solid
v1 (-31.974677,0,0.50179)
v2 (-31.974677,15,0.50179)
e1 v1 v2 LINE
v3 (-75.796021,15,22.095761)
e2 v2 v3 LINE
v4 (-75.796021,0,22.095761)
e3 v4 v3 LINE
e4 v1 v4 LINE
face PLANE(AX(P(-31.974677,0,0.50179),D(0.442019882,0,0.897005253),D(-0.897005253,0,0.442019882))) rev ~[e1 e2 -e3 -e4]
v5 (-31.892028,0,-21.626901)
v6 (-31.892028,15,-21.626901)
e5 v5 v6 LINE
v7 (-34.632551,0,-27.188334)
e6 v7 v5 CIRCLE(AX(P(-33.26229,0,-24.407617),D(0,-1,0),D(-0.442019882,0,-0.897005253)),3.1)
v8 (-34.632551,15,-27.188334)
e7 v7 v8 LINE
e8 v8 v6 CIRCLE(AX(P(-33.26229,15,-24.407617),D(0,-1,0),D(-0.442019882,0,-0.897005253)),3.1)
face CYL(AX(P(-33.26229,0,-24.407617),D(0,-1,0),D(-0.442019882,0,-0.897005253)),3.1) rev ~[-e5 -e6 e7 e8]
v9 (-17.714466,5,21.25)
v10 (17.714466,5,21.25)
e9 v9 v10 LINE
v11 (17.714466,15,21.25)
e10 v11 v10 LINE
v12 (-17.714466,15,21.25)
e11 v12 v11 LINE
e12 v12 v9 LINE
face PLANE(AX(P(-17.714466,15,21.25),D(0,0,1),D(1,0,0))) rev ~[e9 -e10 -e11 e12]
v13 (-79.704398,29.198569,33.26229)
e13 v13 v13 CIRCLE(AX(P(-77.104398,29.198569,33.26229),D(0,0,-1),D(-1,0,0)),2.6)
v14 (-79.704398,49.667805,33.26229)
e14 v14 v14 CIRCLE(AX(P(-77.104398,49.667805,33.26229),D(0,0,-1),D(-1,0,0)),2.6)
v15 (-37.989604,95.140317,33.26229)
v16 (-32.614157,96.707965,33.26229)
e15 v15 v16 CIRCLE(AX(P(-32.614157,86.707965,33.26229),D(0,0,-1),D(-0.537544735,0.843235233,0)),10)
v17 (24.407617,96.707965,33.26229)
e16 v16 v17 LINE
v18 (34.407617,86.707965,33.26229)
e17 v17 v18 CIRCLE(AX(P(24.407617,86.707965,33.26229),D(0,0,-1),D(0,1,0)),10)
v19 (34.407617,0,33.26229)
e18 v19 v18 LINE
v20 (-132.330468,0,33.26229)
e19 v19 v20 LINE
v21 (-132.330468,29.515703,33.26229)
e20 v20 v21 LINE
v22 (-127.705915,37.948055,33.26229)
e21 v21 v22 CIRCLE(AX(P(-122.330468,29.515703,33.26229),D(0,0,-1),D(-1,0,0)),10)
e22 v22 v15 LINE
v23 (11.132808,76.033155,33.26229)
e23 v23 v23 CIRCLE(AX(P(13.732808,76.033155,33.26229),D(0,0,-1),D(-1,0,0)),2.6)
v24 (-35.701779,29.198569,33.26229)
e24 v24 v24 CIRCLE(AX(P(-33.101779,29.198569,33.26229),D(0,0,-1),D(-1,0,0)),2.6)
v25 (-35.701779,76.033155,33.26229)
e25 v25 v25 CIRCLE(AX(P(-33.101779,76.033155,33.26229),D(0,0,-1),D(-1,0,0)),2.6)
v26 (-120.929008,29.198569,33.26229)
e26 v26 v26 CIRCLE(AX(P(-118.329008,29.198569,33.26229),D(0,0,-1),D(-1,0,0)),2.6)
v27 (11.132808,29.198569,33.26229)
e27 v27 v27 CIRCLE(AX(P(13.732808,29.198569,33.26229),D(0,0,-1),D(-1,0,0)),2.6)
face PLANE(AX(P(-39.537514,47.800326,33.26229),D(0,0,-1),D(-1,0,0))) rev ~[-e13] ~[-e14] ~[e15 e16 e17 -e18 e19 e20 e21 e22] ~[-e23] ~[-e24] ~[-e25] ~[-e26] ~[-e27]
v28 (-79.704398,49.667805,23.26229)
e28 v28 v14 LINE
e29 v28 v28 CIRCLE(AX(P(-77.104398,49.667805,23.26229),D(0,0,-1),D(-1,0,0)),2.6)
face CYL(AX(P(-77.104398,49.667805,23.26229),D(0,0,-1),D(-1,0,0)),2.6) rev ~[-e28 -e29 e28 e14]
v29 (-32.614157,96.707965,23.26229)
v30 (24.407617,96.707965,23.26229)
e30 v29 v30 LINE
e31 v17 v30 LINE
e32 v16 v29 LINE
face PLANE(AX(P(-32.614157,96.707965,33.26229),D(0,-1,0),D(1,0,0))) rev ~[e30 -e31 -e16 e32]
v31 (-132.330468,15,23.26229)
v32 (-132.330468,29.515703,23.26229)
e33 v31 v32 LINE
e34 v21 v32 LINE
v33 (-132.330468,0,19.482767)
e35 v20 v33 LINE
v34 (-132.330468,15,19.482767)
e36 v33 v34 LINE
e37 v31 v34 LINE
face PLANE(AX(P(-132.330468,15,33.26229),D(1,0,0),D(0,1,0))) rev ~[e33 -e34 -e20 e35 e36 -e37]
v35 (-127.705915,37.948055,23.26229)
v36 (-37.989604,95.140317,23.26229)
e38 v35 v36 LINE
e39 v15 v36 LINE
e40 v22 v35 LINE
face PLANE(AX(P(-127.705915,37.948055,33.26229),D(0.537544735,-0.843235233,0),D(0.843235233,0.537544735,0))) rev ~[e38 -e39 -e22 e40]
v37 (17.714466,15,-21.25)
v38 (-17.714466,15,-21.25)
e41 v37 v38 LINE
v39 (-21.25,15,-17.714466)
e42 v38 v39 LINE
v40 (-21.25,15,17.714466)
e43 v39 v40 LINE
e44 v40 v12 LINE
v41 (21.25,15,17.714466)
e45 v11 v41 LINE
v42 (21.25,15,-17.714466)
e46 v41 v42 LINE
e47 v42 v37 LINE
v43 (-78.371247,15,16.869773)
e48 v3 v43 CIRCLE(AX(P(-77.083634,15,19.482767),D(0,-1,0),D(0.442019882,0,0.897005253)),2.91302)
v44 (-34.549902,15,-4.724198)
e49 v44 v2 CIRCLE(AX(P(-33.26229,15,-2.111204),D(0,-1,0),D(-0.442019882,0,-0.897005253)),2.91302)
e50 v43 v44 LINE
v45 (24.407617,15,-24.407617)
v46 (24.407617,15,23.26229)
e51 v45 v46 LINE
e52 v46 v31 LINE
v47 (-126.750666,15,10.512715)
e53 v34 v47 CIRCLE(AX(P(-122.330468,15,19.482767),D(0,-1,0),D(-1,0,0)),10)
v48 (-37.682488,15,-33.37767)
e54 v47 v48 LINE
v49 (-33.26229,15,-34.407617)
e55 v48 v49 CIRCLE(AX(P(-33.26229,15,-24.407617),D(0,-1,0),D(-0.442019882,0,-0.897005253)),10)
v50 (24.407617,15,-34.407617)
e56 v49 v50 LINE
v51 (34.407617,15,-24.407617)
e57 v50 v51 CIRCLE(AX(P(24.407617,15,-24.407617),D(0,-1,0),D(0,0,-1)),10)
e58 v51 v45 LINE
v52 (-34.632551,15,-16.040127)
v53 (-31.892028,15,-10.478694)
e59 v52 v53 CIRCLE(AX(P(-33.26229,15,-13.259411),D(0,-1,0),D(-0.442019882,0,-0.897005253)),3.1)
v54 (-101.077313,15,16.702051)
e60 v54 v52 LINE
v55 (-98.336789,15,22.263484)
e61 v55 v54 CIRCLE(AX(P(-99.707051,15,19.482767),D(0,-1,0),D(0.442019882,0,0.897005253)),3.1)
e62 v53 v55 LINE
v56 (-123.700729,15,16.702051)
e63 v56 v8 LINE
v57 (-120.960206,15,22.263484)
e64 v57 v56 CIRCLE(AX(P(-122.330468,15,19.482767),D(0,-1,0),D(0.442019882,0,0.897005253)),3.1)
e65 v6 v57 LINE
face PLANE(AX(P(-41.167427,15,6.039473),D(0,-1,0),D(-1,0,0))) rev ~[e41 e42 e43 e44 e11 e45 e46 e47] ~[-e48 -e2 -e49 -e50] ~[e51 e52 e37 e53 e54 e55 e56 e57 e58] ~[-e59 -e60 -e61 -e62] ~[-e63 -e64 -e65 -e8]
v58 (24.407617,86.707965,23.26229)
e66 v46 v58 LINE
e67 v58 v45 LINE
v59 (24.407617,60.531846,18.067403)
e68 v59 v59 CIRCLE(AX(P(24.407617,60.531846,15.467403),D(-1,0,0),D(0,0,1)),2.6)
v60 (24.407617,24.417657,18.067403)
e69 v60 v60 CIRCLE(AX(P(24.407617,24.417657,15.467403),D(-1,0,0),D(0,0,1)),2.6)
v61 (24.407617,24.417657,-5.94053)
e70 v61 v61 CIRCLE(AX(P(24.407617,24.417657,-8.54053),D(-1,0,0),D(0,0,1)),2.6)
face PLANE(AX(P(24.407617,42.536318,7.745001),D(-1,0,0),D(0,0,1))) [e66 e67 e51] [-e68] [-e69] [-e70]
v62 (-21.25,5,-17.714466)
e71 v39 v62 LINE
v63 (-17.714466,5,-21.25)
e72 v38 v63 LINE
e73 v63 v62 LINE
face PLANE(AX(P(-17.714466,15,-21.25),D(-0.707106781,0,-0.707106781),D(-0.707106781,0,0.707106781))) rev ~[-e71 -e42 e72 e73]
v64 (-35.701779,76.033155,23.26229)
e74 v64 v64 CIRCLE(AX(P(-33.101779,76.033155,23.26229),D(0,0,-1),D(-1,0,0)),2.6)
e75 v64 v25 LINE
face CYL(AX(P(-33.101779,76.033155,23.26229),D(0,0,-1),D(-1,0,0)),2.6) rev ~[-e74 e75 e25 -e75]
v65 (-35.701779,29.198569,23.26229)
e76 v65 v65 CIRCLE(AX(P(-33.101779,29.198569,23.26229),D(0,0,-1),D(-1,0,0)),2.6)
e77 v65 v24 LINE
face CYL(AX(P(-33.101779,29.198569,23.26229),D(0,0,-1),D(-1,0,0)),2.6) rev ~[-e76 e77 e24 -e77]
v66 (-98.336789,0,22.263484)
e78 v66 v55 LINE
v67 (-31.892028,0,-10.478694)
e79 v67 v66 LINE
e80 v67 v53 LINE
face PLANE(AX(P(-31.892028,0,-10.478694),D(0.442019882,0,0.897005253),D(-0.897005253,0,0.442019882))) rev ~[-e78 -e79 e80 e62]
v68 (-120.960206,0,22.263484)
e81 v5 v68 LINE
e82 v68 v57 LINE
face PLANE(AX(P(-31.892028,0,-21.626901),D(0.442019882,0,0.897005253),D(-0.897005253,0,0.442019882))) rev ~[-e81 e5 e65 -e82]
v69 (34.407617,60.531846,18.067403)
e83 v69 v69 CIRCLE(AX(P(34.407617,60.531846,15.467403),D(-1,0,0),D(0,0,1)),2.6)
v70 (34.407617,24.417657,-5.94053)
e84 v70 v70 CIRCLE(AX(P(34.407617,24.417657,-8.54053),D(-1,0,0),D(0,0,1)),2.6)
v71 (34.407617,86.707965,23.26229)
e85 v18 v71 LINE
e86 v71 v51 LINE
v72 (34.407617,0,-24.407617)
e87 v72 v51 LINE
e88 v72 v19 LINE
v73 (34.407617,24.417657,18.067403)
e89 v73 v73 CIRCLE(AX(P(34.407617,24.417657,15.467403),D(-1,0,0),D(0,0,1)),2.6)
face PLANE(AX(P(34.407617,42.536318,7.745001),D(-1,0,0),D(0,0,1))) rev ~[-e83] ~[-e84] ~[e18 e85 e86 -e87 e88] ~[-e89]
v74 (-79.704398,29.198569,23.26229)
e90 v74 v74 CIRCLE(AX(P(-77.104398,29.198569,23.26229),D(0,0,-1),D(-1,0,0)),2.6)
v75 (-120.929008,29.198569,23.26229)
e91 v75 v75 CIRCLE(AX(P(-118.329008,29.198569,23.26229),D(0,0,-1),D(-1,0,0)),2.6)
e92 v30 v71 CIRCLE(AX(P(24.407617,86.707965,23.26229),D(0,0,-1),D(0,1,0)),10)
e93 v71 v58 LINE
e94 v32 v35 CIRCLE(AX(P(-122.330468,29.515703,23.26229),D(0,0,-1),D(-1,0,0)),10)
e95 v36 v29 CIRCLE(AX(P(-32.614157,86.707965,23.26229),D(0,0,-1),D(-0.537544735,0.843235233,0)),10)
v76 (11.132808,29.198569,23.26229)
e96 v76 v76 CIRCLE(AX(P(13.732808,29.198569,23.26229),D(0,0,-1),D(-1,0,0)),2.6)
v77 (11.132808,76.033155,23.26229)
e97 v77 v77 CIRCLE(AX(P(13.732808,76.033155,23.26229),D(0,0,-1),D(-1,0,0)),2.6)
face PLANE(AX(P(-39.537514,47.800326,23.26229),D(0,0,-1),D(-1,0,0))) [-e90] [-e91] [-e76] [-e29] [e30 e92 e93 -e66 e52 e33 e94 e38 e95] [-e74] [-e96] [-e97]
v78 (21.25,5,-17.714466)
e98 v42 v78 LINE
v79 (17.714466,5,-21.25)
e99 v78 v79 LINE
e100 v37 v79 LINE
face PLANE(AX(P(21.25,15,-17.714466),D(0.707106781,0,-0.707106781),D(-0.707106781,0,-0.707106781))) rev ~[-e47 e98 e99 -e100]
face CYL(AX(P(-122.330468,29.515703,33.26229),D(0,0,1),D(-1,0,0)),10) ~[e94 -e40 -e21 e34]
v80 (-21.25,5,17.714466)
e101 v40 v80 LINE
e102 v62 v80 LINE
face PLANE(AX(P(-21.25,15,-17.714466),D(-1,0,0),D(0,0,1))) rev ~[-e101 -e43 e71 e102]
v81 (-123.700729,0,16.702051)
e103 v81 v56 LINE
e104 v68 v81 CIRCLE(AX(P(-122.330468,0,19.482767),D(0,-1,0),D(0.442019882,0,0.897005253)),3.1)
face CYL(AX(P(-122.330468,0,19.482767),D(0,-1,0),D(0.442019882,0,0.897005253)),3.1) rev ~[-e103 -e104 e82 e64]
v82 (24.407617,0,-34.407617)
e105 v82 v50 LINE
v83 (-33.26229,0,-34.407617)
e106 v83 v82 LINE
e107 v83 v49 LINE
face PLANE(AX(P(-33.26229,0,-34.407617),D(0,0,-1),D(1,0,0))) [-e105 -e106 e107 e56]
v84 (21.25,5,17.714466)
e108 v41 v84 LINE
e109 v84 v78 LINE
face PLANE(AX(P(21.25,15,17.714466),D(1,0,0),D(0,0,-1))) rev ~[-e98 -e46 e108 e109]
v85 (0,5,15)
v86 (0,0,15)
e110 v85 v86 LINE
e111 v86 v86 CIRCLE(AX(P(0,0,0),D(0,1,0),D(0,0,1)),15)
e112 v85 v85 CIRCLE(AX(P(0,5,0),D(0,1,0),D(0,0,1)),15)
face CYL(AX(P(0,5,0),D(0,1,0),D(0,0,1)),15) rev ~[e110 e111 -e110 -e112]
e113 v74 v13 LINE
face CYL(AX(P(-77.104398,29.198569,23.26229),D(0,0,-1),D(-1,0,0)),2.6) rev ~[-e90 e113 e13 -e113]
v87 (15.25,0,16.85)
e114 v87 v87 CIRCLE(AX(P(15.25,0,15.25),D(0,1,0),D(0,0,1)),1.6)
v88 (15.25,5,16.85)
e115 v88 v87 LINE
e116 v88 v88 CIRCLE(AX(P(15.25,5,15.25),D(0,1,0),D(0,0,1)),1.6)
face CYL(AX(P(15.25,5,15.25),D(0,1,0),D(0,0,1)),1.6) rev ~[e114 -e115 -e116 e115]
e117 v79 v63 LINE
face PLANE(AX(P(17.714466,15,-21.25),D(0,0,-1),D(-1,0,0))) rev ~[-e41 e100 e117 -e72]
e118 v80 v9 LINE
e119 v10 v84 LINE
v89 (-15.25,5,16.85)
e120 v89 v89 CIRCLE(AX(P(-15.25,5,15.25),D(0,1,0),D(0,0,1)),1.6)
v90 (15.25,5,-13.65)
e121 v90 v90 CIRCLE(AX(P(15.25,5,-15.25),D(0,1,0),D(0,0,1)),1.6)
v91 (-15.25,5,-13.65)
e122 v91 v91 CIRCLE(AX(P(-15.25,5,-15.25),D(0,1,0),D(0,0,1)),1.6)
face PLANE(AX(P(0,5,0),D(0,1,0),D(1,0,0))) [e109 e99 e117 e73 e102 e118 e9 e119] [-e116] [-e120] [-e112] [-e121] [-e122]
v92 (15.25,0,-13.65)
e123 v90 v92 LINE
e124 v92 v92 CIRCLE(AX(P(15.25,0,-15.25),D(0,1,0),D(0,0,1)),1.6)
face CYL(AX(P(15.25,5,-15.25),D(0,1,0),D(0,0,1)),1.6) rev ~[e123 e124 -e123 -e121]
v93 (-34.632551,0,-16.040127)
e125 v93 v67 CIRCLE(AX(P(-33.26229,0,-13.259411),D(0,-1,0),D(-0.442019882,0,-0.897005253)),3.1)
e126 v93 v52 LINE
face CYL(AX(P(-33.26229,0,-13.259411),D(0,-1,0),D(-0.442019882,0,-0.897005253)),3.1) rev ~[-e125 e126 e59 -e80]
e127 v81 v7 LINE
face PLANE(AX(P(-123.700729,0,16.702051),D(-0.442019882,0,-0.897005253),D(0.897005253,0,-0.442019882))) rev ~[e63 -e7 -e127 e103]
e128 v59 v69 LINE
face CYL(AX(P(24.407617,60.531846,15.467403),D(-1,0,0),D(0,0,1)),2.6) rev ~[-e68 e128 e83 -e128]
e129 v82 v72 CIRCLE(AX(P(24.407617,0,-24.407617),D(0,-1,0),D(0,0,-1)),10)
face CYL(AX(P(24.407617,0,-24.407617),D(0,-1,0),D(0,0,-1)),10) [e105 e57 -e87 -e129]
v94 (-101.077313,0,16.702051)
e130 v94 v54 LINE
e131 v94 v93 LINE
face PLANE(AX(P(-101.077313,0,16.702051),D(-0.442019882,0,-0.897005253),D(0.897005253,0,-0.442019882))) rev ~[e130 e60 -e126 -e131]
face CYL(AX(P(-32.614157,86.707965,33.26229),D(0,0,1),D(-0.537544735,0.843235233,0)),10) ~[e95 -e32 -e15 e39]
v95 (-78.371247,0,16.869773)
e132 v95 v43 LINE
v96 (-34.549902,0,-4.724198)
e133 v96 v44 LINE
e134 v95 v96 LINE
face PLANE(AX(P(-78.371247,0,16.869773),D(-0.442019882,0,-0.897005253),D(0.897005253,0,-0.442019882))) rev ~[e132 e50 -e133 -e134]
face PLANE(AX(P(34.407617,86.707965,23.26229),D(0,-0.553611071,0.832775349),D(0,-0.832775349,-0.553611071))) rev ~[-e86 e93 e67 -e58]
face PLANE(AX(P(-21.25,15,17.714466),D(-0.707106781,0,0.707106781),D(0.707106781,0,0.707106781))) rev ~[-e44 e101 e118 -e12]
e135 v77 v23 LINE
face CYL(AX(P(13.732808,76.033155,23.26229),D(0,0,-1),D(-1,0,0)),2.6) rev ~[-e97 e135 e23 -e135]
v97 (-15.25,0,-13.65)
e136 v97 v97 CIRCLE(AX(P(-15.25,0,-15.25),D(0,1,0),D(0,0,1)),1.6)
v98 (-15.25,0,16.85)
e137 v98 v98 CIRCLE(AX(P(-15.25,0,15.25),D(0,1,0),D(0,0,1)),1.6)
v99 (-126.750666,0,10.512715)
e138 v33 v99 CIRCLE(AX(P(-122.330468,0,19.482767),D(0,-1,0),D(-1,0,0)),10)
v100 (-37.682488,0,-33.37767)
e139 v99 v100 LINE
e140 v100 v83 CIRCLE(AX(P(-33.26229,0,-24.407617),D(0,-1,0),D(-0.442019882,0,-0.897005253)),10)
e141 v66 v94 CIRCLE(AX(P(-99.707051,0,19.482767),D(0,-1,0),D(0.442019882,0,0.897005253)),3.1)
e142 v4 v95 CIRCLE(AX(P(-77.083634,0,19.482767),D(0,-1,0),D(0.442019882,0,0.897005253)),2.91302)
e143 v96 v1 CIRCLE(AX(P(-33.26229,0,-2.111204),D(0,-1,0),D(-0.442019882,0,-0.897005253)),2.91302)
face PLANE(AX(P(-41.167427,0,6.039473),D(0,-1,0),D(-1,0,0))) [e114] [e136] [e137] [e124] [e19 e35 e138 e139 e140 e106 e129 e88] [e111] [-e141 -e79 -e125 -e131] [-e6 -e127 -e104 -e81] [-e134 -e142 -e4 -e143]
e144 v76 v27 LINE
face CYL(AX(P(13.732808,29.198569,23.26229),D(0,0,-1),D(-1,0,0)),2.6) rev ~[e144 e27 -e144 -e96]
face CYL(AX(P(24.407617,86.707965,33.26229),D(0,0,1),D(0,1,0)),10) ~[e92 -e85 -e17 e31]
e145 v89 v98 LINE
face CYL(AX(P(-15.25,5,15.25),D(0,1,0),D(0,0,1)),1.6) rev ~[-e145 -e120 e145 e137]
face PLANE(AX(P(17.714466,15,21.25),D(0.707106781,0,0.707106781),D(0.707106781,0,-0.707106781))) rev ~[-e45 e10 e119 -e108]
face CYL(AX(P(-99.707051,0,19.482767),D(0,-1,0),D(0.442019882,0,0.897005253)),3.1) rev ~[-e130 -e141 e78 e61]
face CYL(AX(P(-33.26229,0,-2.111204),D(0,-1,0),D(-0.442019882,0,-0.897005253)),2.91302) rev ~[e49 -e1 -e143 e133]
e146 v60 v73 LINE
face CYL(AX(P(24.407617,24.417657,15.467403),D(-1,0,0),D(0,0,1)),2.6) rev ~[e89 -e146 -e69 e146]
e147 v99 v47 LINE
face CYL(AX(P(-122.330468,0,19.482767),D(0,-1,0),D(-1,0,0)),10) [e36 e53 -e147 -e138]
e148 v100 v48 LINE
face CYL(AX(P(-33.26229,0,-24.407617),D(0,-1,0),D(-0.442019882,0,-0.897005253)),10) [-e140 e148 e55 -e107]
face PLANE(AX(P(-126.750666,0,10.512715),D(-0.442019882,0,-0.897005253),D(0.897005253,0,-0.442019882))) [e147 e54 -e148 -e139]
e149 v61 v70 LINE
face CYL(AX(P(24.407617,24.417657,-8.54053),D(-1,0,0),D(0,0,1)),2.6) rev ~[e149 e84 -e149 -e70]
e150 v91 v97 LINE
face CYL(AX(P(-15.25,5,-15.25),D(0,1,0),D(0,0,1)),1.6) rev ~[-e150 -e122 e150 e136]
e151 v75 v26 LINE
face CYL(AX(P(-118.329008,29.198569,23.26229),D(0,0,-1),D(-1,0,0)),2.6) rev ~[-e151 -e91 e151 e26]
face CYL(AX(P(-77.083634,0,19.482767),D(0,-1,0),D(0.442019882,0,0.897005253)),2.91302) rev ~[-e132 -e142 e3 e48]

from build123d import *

# Parameters (mm, degrees)
BOSS_EXTRUDE1_DEPTH = 15
CUT_EXTRUDE1_DEPTH  = 10
SKETCH4_R           = 15
SKETCH4_R_2         = 1.6
CUT_EXTRUDE2_DEPTH  = 10
BOSS_EXTRUDE2_DEPTH = 10
BOSS_EXTRUDE3_DEPTH = 10
SKETCH7_R           = 2.6
CUT_EXTRUDE3_DEPTH  = 10
SKETCH8_R           = 2.6
CUT_EXTRUDE4_DEPTH  = 10


with BuildPart() as part:
    # Sketch1 → Boss-Extrude1 (new body)
    with BuildSketch(Plane(origin=(0, 0, 0), x_dir=(1, 0, 0), z_dir=(0, 1, 0))):
        with BuildLine():
            Line((-33.262289521, -33.262289521), (-132.330467636, -33.262289521))
            Line((-132.330467636, -33.262289521), (-132.330467636, -19.482767229))
            ThreePointArc((-132.330467636, -19.482767229), (-130.821698058, -14.200816273), (-126.750666454, -10.512714699))
            Line((-126.750666454, -10.512714699), (-37.682488339, 33.377669927))
            ThreePointArc((-37.682488339, 33.377669927), (-35.531592794, 34.146727348), (-33.262289521, 34.407617396))
            Line((-33.262289521, 34.407617396), (24.407617396, 34.407617396))
            ThreePointArc((24.407617396, 34.407617396), (31.478685208, 31.478685208), (34.407617396, 24.407617396))
            Line((34.407617396, 24.407617396), (34.407617396, -33.262289521))
            Line((34.407617396, -33.262289521), (-33.262289521, -33.262289521))
        make_face()
        with BuildLine():
            Line((-31.892027887, 10.478694381), (-98.33678925, -22.263483514))
            ThreePointArc((-98.33678925, -22.263483514), (-102.487767169, -20.853028863), (-101.077312518, -16.702050945))
            Line((-101.077312518, -16.702050945), (-34.632551154, 16.04012695))
            ThreePointArc((-34.632551154, 16.04012695), (-30.481573236, 14.629672299), (-31.892027887, 10.478694381))
        make_face(mode=Mode.SUBTRACT)
        with BuildLine():
            Line((-123.700729269, -16.702050945), (-34.632551154, 27.188333681))
            ThreePointArc((-34.632551154, 27.188333681), (-30.481573236, 25.77787903), (-31.892027887, 21.626901112))
            Line((-31.892027887, 21.626901112), (-120.960206002, -22.263483514))
            ThreePointArc((-120.960206002, -22.263483514), (-125.11118392, -20.853028863), (-123.700729269, -16.702050945))
        make_face(mode=Mode.SUBTRACT)
        with BuildLine():
            Line((-78.371246836, -16.869773094), (-34.549902224, 4.72419807))
            ThreePointArc((-34.549902224, 4.72419807), (-30.649295385, 3.398816638), (-31.974676817, -0.501790201))
            Line((-31.974676817, -0.501790201), (-75.796021429, -22.095761365))
            ThreePointArc((-75.796021429, -22.095761365), (-79.696628268, -20.770379933), (-78.371246836, -16.869773094))
        make_face(mode=Mode.SUBTRACT)
    extrude(amount=BOSS_EXTRUDE1_DEPTH)

    # Sketch2 → Cut-Extrude1 (cut)
    with BuildSketch(Plane(origin=(0, 15, 0), x_dir=(1, 0, 0), z_dir=(0, 1, 0))):
        Polygon((-17.714466094, 21.25), (-21.25, 17.714466094), (-21.25, -17.714466094), (-17.714466094, -21.25), (17.714466094, -21.25), (21.25, -17.714466094), (21.25, 17.714466094), (17.714466094, 21.25), align=None)
    extrude(amount=-CUT_EXTRUDE1_DEPTH, mode=Mode.SUBTRACT)

    # Sketch4 → Cut-Extrude2 (cut)
    with BuildSketch(Plane(origin=(0, 5, 0), x_dir=(1, 0, 0), z_dir=(0, 1, 0))):
        with Locations(Location((0, 0, 0), (0, 0, 270))):
            Circle(SKETCH4_R)
        with Locations(Location((-15.25, -15.25, 0), (0, 0, 270))):
            Circle(SKETCH4_R_2)
        with Locations(Location((-15.25, 15.25, 0), (0, 0, 270))):
            Circle(SKETCH4_R_2)
        with Locations(Location((15.25, 15.25, 0), (0, 0, 270))):
            Circle(SKETCH4_R_2)
        with Locations(Location((15.25, -15.25, 0), (0, 0, 270))):
            Circle(SKETCH4_R_2)
    extrude(amount=-CUT_EXTRUDE2_DEPTH, mode=Mode.SUBTRACT)

    # Sketch5 → Boss-Extrude2 (add)
    with BuildSketch(Plane.XY.offset(33.262289521)):
        with BuildLine():
            Line((-132.330467636, 15), (-132.330467636, 29.515702772))
            ThreePointArc((-132.330467636, 29.515702772), (-131.098434148, 34.324316216), (-127.705914986, 37.9480551))
            Line((-127.705914986, 37.9480551), (-37.989603896, 95.140317474))
            ThreePointArc((-37.989603896, 95.140317474), (-35.41384195, 96.308056898), (-32.614156546, 96.707965146))
            Line((-32.614156546, 96.707965146), (24.407617396, 96.707965146))
            ThreePointArc((24.407617396, 96.707965146), (31.478685208, 93.779032958), (34.407617396, 86.707965146))
            Line((34.407617396, 86.707965146), (34.407617396, 15))
            Line((34.407617396, 15), (-132.330467636, 15))
        make_face()
    extrude(amount=-BOSS_EXTRUDE2_DEPTH)

    # Sketch6 → Boss-Extrude3 (add)
    with BuildSketch(Plane(origin=(34.407617396, 0, 0), x_dir=(0, 0, -1), z_dir=(1, 0, 0))):
        Polygon((-23.262289521, 86.707965146), (24.407617396, 15), (-23.262289521, 15), align=None)
    extrude(amount=-BOSS_EXTRUDE3_DEPTH)

    # Sketch7 → Cut-Extrude3 (cut)
    with BuildSketch(Plane(origin=(0, 0, 23.262289521), x_dir=(-1, 0, 0), z_dir=(0, 0, -1))):
        with Locations((-13.732807518, 76.033155267)):
            Circle(SKETCH7_R)
        with Locations((33.101778739, 29.198569011)):
            Circle(SKETCH7_R)
        with Locations((33.101778739, 76.033155267)):
            Circle(SKETCH7_R)
        with Locations((-13.732807518, 29.198569011)):
            Circle(SKETCH7_R)
        with Locations((118.329007759, 29.198569011)):
            Circle(SKETCH7_R)
        with Locations((77.104397796, 29.198569011)):
            Circle(SKETCH7_R)
        with Locations((77.104397796, 49.667805409)):
            Circle(SKETCH7_R)
    extrude(amount=-CUT_EXTRUDE3_DEPTH, mode=Mode.SUBTRACT)

    # Sketch8 → Cut-Extrude4 (cut)
    with BuildSketch(Plane.ZY.offset(-24.407617396)):
        with Locations((15.467402897, 24.417657132)):
            Circle(SKETCH8_R)
        with Locations((15.467402897, 60.531845861)):
            Circle(SKETCH8_R)
        with Locations((-8.540529995, 24.417657132)):
            Circle(SKETCH8_R)
    extrude(amount=-CUT_EXTRUDE4_DEPTH, mode=Mode.SUBTRACT)


solid = part.part
